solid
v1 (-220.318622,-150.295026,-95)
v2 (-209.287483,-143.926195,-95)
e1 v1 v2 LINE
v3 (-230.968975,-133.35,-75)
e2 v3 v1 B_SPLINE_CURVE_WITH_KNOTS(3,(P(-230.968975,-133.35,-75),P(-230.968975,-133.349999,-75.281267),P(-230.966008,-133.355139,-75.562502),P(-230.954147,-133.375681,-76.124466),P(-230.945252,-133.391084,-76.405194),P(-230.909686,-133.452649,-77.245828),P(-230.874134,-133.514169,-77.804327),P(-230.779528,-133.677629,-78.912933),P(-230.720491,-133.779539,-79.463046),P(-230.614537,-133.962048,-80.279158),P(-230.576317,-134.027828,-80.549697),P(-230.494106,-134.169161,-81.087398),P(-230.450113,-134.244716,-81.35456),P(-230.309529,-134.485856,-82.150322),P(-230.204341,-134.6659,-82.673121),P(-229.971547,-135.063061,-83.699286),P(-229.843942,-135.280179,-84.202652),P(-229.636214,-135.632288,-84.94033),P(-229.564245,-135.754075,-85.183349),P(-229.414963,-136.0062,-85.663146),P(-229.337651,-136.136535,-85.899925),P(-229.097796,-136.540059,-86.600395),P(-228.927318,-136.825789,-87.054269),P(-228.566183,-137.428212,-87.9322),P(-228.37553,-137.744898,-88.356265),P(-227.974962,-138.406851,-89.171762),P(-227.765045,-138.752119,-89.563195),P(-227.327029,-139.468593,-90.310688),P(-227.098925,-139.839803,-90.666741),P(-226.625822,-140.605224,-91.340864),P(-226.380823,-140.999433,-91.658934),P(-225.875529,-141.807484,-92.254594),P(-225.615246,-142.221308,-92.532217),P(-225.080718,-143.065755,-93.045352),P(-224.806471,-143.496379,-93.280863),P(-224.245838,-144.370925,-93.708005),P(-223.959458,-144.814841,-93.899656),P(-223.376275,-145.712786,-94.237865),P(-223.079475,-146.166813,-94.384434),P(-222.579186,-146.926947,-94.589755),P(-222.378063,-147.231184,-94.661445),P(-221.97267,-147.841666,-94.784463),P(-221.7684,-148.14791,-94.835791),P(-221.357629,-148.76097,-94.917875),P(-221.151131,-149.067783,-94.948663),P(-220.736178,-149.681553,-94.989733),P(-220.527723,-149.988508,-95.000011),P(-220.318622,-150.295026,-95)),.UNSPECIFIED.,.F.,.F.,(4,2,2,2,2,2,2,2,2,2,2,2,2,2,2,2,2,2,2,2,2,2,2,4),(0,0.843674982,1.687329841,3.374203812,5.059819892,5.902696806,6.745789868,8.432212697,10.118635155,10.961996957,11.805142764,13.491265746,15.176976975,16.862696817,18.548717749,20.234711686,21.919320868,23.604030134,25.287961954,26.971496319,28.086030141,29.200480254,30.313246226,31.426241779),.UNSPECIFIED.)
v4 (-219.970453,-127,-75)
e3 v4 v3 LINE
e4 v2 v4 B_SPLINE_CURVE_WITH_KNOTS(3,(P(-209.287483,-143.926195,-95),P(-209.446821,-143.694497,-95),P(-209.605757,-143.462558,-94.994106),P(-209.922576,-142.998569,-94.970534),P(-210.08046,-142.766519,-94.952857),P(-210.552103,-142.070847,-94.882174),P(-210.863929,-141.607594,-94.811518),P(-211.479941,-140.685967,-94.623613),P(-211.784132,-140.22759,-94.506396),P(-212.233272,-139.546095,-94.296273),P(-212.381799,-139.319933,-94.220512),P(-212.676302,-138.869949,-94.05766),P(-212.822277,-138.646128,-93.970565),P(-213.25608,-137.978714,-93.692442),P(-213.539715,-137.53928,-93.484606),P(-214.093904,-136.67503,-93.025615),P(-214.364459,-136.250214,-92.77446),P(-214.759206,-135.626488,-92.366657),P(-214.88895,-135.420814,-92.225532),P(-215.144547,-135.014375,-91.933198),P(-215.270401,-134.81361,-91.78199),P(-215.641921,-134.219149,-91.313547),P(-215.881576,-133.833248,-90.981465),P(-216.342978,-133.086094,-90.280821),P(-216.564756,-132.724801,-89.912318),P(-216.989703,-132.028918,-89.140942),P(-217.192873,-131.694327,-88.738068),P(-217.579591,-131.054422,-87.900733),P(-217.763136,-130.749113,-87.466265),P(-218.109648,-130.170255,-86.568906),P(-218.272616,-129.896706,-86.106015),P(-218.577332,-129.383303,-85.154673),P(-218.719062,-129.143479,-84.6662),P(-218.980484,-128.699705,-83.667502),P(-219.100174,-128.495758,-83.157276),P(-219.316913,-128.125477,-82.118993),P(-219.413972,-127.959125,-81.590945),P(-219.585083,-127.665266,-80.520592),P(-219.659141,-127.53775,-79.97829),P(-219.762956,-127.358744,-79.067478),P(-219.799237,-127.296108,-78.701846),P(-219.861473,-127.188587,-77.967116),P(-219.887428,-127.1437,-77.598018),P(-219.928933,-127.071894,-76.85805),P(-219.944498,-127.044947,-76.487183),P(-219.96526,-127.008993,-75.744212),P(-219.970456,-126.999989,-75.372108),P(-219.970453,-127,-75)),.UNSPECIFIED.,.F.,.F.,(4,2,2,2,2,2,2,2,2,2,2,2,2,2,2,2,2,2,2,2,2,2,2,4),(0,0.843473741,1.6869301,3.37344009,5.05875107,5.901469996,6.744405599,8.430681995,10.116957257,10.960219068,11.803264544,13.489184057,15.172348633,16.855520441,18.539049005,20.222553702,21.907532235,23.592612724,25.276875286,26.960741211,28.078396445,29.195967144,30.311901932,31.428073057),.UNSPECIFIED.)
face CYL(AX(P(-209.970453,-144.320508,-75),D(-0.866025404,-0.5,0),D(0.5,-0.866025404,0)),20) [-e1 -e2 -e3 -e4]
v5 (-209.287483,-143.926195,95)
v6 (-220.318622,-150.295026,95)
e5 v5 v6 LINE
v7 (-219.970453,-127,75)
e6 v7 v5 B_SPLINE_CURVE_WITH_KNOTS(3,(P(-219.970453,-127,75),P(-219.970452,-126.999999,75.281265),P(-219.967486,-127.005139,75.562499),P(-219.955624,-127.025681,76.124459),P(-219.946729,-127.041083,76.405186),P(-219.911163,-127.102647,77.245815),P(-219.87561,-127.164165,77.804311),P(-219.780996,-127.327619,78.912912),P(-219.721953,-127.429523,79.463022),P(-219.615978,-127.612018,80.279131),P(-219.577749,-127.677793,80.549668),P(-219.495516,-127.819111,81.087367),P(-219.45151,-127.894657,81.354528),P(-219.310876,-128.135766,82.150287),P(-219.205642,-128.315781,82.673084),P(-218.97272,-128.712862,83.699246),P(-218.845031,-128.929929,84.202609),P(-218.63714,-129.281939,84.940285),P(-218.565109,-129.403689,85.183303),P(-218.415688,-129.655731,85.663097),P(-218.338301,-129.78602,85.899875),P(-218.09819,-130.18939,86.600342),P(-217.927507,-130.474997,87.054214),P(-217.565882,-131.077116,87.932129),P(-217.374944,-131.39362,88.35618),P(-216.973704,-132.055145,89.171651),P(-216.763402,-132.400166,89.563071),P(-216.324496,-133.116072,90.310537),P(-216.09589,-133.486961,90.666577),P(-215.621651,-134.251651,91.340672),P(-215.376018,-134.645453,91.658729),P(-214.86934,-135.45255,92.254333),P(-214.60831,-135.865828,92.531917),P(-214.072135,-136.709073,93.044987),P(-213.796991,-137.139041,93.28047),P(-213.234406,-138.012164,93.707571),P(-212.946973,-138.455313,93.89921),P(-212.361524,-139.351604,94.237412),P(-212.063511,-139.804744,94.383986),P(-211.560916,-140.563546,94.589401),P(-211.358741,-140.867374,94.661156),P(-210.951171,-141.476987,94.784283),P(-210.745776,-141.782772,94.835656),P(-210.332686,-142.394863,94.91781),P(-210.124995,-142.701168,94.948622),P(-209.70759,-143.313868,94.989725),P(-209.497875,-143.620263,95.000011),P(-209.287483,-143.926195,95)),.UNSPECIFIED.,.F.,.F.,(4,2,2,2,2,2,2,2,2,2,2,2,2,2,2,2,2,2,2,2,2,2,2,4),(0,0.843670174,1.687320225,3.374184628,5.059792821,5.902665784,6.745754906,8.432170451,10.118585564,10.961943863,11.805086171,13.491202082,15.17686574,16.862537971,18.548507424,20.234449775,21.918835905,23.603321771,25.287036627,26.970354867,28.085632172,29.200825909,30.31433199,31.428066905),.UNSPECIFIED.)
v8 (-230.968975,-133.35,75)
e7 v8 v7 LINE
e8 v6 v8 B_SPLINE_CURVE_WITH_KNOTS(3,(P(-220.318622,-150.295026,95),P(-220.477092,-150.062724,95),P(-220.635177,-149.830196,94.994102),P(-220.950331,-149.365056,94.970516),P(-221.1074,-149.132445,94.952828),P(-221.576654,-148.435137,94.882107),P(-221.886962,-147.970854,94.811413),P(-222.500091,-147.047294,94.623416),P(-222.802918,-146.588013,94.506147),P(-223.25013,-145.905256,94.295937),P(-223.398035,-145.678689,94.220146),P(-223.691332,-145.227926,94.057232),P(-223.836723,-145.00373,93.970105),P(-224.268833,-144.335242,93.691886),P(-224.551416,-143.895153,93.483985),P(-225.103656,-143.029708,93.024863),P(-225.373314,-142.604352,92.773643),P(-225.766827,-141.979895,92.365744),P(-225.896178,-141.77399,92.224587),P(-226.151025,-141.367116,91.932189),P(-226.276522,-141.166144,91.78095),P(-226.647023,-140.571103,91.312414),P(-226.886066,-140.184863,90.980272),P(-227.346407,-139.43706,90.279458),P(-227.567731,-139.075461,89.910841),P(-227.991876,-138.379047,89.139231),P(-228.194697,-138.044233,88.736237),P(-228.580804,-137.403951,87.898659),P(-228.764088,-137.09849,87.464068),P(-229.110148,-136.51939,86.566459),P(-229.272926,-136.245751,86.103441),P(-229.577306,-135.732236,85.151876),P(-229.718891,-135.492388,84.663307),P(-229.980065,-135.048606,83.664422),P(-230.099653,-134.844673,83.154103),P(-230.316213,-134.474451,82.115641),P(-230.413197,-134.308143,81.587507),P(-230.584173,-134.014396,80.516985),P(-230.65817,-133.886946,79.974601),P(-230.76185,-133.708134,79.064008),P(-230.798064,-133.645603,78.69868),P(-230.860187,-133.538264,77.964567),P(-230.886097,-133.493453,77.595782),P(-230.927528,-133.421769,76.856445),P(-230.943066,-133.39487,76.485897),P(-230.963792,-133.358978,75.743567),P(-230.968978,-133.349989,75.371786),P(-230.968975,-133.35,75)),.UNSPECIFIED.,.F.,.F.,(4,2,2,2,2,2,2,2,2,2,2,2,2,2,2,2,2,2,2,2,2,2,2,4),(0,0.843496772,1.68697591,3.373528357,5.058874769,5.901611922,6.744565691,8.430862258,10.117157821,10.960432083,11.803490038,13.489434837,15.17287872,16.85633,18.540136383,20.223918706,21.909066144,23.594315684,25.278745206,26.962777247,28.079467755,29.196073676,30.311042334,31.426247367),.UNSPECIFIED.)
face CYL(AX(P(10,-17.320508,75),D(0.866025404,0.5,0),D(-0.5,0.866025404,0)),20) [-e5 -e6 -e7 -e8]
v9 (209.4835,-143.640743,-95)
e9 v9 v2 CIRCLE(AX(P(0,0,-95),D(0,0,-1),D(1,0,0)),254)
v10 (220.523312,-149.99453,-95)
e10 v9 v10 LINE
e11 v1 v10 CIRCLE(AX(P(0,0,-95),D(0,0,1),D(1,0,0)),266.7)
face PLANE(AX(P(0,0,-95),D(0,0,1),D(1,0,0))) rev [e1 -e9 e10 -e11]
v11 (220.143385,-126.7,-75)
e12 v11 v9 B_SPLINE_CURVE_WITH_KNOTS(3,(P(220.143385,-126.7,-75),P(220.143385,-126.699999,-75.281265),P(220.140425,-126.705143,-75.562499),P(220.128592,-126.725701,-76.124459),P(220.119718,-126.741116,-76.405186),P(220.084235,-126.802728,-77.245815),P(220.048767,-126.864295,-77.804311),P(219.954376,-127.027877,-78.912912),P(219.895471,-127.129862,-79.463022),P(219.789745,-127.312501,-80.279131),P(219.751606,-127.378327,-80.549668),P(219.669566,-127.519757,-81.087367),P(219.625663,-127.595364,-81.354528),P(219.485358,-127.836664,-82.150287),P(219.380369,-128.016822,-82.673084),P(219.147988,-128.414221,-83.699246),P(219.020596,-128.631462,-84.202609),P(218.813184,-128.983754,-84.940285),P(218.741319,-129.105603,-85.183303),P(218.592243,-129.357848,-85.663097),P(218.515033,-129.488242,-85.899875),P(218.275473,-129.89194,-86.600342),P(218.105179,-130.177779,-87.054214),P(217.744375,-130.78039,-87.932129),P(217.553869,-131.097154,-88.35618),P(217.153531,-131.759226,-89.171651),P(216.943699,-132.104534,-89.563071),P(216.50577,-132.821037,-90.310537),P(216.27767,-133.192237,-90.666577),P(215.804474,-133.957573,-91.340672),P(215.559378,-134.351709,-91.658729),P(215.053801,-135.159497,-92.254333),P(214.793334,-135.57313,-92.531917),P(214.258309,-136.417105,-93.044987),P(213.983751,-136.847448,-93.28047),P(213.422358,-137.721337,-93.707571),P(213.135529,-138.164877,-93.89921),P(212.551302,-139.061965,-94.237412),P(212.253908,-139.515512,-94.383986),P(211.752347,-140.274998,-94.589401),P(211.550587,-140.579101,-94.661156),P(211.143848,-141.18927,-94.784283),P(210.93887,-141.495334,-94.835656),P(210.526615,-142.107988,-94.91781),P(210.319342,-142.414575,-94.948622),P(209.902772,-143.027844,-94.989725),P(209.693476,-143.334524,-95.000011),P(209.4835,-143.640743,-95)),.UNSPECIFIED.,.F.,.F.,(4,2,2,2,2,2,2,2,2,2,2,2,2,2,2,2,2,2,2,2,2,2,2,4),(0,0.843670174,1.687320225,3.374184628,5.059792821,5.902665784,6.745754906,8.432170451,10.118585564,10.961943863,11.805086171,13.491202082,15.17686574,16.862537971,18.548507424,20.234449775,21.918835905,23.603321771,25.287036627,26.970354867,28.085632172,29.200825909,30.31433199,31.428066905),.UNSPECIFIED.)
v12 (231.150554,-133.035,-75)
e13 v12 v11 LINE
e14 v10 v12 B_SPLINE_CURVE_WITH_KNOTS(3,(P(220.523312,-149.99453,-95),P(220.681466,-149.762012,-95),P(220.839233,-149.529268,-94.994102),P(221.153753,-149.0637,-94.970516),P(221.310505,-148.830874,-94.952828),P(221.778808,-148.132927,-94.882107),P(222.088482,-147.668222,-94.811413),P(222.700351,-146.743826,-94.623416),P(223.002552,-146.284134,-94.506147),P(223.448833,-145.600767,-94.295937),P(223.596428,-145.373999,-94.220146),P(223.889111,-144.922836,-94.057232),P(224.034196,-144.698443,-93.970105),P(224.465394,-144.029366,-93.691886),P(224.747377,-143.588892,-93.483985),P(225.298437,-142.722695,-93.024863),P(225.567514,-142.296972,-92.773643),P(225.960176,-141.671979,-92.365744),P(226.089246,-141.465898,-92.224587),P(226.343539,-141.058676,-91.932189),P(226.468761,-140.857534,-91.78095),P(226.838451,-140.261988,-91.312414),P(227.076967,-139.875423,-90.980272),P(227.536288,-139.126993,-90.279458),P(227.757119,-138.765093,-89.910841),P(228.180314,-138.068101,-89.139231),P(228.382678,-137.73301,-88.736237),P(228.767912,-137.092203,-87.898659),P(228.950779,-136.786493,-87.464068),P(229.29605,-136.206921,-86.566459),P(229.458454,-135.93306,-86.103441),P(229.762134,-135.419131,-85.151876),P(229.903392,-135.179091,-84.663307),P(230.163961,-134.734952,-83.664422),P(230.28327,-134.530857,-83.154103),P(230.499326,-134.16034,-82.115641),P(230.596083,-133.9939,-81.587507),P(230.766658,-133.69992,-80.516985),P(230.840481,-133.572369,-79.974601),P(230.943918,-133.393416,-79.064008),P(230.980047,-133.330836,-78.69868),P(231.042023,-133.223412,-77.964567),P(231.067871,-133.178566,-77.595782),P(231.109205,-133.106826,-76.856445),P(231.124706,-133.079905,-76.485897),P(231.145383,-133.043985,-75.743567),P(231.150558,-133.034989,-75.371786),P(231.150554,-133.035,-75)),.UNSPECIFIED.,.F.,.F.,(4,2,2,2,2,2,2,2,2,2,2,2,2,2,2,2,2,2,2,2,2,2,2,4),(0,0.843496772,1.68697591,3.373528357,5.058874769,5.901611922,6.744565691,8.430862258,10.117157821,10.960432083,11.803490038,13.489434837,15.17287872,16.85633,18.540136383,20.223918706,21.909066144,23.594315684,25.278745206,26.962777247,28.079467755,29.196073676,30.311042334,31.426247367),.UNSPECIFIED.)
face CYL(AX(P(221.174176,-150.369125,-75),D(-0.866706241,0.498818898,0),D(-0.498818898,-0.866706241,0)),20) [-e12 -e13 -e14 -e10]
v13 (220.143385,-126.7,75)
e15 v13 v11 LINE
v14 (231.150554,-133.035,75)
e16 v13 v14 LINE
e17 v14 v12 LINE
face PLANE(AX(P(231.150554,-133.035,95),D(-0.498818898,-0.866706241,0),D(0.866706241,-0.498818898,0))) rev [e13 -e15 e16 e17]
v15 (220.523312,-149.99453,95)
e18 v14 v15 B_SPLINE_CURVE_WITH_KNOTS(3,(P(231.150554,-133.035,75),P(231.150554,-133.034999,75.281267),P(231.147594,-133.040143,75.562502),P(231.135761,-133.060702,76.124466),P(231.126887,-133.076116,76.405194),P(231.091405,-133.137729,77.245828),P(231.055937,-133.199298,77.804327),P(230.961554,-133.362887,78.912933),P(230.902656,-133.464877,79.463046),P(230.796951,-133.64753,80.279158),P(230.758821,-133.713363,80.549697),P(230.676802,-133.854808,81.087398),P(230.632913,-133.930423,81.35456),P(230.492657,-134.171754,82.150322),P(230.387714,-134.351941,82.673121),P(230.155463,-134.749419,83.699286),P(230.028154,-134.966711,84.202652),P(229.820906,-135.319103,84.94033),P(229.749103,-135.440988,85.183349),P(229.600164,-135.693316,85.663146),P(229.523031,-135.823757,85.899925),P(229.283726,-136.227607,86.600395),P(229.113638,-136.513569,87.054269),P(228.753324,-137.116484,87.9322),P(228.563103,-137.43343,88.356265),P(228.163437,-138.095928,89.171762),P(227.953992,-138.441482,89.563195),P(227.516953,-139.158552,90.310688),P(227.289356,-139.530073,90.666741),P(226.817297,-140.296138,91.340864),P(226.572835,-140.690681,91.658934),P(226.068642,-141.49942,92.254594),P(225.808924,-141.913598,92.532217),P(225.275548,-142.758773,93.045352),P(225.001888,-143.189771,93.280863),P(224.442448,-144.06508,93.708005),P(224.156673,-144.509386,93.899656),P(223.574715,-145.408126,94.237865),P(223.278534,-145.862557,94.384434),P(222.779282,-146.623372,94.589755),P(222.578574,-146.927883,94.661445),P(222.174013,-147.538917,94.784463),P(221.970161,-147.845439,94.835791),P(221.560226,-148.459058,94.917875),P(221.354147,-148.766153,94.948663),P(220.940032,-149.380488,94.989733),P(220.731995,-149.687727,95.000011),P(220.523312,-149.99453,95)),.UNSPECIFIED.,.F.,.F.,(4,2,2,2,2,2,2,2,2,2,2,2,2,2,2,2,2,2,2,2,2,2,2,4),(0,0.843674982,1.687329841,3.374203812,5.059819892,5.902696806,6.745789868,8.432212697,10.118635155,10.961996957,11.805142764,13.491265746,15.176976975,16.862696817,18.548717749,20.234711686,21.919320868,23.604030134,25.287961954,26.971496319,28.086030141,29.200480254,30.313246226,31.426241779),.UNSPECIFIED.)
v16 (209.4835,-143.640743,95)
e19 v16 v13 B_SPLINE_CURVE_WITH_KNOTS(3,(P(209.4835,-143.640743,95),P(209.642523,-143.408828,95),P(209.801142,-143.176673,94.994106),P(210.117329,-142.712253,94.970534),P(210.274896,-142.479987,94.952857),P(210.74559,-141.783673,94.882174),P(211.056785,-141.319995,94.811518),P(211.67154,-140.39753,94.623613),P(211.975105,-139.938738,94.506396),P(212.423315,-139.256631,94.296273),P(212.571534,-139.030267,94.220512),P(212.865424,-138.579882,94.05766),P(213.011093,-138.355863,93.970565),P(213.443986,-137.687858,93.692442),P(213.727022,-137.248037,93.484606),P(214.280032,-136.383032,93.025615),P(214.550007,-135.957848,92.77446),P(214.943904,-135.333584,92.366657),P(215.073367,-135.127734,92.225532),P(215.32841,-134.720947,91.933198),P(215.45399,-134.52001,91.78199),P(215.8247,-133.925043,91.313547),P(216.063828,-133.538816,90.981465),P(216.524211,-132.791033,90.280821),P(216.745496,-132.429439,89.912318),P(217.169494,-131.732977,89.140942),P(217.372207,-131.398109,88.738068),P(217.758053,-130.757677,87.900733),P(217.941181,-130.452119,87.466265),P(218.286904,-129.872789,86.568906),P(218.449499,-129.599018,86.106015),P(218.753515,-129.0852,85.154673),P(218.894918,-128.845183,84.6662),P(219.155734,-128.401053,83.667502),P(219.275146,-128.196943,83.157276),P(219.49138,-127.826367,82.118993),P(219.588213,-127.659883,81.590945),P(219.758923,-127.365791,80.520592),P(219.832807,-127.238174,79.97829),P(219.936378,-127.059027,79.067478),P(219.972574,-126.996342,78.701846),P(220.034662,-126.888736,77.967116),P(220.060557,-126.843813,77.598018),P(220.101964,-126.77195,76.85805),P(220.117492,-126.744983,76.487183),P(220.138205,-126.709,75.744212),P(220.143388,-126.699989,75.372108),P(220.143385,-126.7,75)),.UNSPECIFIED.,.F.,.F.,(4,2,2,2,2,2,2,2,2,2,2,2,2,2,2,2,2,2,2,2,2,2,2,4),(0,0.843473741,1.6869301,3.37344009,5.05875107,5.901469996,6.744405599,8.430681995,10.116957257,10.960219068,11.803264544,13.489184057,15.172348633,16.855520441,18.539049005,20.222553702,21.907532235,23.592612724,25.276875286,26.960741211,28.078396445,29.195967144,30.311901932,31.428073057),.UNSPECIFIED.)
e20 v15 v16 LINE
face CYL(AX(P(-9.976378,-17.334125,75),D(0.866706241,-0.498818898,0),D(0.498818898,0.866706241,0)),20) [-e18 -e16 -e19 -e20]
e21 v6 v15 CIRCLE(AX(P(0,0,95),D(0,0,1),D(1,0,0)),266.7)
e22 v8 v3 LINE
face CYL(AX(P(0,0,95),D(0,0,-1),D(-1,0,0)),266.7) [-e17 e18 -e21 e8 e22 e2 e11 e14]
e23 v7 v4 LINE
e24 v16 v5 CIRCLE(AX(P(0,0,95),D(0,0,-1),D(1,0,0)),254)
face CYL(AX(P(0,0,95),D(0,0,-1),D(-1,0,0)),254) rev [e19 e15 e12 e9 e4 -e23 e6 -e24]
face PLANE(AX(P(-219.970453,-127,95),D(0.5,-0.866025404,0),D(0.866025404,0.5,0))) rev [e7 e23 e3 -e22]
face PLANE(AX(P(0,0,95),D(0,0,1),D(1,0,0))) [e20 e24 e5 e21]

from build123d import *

# Parameters (mm, degrees)
BOSS_EXTRUDE1_DEPTH = 95
FILLET1_R           = 20


with BuildPart() as part:
    # Sketch1 → Boss-Extrude1 (new, symmetric)
    with BuildSketch(Plane.XY):
        with BuildLine():
            Line((-219.970452561, -127), (-230.968975189, -133.35))
            ThreePointArc((-230.968975189, -133.35), (0.181793833, -266.699938041), (231.150554347, -133.035))
            Line((231.150554347, -133.035), (220.143385093, -126.7))
            ThreePointArc((220.143385093, -126.7), (0.173136984, -253.999940991), (-219.970452561, -127))
        make_face()
    extrude(amount=BOSS_EXTRUDE1_DEPTH, both=True)

    # Fillet1
    fillet1_edges = [part.edges().sort_by_distance(p)[0] for p in [
        (225.64696972, -129.8675, 95),
        (225.64696972, -129.8675, -95),
        (-225.469713875, -130.175, -95),
        (-225.469713875, -130.175, 95),
    ]]
    fillet(fillet1_edges, radius=FILLET1_R)


solid = part.part
